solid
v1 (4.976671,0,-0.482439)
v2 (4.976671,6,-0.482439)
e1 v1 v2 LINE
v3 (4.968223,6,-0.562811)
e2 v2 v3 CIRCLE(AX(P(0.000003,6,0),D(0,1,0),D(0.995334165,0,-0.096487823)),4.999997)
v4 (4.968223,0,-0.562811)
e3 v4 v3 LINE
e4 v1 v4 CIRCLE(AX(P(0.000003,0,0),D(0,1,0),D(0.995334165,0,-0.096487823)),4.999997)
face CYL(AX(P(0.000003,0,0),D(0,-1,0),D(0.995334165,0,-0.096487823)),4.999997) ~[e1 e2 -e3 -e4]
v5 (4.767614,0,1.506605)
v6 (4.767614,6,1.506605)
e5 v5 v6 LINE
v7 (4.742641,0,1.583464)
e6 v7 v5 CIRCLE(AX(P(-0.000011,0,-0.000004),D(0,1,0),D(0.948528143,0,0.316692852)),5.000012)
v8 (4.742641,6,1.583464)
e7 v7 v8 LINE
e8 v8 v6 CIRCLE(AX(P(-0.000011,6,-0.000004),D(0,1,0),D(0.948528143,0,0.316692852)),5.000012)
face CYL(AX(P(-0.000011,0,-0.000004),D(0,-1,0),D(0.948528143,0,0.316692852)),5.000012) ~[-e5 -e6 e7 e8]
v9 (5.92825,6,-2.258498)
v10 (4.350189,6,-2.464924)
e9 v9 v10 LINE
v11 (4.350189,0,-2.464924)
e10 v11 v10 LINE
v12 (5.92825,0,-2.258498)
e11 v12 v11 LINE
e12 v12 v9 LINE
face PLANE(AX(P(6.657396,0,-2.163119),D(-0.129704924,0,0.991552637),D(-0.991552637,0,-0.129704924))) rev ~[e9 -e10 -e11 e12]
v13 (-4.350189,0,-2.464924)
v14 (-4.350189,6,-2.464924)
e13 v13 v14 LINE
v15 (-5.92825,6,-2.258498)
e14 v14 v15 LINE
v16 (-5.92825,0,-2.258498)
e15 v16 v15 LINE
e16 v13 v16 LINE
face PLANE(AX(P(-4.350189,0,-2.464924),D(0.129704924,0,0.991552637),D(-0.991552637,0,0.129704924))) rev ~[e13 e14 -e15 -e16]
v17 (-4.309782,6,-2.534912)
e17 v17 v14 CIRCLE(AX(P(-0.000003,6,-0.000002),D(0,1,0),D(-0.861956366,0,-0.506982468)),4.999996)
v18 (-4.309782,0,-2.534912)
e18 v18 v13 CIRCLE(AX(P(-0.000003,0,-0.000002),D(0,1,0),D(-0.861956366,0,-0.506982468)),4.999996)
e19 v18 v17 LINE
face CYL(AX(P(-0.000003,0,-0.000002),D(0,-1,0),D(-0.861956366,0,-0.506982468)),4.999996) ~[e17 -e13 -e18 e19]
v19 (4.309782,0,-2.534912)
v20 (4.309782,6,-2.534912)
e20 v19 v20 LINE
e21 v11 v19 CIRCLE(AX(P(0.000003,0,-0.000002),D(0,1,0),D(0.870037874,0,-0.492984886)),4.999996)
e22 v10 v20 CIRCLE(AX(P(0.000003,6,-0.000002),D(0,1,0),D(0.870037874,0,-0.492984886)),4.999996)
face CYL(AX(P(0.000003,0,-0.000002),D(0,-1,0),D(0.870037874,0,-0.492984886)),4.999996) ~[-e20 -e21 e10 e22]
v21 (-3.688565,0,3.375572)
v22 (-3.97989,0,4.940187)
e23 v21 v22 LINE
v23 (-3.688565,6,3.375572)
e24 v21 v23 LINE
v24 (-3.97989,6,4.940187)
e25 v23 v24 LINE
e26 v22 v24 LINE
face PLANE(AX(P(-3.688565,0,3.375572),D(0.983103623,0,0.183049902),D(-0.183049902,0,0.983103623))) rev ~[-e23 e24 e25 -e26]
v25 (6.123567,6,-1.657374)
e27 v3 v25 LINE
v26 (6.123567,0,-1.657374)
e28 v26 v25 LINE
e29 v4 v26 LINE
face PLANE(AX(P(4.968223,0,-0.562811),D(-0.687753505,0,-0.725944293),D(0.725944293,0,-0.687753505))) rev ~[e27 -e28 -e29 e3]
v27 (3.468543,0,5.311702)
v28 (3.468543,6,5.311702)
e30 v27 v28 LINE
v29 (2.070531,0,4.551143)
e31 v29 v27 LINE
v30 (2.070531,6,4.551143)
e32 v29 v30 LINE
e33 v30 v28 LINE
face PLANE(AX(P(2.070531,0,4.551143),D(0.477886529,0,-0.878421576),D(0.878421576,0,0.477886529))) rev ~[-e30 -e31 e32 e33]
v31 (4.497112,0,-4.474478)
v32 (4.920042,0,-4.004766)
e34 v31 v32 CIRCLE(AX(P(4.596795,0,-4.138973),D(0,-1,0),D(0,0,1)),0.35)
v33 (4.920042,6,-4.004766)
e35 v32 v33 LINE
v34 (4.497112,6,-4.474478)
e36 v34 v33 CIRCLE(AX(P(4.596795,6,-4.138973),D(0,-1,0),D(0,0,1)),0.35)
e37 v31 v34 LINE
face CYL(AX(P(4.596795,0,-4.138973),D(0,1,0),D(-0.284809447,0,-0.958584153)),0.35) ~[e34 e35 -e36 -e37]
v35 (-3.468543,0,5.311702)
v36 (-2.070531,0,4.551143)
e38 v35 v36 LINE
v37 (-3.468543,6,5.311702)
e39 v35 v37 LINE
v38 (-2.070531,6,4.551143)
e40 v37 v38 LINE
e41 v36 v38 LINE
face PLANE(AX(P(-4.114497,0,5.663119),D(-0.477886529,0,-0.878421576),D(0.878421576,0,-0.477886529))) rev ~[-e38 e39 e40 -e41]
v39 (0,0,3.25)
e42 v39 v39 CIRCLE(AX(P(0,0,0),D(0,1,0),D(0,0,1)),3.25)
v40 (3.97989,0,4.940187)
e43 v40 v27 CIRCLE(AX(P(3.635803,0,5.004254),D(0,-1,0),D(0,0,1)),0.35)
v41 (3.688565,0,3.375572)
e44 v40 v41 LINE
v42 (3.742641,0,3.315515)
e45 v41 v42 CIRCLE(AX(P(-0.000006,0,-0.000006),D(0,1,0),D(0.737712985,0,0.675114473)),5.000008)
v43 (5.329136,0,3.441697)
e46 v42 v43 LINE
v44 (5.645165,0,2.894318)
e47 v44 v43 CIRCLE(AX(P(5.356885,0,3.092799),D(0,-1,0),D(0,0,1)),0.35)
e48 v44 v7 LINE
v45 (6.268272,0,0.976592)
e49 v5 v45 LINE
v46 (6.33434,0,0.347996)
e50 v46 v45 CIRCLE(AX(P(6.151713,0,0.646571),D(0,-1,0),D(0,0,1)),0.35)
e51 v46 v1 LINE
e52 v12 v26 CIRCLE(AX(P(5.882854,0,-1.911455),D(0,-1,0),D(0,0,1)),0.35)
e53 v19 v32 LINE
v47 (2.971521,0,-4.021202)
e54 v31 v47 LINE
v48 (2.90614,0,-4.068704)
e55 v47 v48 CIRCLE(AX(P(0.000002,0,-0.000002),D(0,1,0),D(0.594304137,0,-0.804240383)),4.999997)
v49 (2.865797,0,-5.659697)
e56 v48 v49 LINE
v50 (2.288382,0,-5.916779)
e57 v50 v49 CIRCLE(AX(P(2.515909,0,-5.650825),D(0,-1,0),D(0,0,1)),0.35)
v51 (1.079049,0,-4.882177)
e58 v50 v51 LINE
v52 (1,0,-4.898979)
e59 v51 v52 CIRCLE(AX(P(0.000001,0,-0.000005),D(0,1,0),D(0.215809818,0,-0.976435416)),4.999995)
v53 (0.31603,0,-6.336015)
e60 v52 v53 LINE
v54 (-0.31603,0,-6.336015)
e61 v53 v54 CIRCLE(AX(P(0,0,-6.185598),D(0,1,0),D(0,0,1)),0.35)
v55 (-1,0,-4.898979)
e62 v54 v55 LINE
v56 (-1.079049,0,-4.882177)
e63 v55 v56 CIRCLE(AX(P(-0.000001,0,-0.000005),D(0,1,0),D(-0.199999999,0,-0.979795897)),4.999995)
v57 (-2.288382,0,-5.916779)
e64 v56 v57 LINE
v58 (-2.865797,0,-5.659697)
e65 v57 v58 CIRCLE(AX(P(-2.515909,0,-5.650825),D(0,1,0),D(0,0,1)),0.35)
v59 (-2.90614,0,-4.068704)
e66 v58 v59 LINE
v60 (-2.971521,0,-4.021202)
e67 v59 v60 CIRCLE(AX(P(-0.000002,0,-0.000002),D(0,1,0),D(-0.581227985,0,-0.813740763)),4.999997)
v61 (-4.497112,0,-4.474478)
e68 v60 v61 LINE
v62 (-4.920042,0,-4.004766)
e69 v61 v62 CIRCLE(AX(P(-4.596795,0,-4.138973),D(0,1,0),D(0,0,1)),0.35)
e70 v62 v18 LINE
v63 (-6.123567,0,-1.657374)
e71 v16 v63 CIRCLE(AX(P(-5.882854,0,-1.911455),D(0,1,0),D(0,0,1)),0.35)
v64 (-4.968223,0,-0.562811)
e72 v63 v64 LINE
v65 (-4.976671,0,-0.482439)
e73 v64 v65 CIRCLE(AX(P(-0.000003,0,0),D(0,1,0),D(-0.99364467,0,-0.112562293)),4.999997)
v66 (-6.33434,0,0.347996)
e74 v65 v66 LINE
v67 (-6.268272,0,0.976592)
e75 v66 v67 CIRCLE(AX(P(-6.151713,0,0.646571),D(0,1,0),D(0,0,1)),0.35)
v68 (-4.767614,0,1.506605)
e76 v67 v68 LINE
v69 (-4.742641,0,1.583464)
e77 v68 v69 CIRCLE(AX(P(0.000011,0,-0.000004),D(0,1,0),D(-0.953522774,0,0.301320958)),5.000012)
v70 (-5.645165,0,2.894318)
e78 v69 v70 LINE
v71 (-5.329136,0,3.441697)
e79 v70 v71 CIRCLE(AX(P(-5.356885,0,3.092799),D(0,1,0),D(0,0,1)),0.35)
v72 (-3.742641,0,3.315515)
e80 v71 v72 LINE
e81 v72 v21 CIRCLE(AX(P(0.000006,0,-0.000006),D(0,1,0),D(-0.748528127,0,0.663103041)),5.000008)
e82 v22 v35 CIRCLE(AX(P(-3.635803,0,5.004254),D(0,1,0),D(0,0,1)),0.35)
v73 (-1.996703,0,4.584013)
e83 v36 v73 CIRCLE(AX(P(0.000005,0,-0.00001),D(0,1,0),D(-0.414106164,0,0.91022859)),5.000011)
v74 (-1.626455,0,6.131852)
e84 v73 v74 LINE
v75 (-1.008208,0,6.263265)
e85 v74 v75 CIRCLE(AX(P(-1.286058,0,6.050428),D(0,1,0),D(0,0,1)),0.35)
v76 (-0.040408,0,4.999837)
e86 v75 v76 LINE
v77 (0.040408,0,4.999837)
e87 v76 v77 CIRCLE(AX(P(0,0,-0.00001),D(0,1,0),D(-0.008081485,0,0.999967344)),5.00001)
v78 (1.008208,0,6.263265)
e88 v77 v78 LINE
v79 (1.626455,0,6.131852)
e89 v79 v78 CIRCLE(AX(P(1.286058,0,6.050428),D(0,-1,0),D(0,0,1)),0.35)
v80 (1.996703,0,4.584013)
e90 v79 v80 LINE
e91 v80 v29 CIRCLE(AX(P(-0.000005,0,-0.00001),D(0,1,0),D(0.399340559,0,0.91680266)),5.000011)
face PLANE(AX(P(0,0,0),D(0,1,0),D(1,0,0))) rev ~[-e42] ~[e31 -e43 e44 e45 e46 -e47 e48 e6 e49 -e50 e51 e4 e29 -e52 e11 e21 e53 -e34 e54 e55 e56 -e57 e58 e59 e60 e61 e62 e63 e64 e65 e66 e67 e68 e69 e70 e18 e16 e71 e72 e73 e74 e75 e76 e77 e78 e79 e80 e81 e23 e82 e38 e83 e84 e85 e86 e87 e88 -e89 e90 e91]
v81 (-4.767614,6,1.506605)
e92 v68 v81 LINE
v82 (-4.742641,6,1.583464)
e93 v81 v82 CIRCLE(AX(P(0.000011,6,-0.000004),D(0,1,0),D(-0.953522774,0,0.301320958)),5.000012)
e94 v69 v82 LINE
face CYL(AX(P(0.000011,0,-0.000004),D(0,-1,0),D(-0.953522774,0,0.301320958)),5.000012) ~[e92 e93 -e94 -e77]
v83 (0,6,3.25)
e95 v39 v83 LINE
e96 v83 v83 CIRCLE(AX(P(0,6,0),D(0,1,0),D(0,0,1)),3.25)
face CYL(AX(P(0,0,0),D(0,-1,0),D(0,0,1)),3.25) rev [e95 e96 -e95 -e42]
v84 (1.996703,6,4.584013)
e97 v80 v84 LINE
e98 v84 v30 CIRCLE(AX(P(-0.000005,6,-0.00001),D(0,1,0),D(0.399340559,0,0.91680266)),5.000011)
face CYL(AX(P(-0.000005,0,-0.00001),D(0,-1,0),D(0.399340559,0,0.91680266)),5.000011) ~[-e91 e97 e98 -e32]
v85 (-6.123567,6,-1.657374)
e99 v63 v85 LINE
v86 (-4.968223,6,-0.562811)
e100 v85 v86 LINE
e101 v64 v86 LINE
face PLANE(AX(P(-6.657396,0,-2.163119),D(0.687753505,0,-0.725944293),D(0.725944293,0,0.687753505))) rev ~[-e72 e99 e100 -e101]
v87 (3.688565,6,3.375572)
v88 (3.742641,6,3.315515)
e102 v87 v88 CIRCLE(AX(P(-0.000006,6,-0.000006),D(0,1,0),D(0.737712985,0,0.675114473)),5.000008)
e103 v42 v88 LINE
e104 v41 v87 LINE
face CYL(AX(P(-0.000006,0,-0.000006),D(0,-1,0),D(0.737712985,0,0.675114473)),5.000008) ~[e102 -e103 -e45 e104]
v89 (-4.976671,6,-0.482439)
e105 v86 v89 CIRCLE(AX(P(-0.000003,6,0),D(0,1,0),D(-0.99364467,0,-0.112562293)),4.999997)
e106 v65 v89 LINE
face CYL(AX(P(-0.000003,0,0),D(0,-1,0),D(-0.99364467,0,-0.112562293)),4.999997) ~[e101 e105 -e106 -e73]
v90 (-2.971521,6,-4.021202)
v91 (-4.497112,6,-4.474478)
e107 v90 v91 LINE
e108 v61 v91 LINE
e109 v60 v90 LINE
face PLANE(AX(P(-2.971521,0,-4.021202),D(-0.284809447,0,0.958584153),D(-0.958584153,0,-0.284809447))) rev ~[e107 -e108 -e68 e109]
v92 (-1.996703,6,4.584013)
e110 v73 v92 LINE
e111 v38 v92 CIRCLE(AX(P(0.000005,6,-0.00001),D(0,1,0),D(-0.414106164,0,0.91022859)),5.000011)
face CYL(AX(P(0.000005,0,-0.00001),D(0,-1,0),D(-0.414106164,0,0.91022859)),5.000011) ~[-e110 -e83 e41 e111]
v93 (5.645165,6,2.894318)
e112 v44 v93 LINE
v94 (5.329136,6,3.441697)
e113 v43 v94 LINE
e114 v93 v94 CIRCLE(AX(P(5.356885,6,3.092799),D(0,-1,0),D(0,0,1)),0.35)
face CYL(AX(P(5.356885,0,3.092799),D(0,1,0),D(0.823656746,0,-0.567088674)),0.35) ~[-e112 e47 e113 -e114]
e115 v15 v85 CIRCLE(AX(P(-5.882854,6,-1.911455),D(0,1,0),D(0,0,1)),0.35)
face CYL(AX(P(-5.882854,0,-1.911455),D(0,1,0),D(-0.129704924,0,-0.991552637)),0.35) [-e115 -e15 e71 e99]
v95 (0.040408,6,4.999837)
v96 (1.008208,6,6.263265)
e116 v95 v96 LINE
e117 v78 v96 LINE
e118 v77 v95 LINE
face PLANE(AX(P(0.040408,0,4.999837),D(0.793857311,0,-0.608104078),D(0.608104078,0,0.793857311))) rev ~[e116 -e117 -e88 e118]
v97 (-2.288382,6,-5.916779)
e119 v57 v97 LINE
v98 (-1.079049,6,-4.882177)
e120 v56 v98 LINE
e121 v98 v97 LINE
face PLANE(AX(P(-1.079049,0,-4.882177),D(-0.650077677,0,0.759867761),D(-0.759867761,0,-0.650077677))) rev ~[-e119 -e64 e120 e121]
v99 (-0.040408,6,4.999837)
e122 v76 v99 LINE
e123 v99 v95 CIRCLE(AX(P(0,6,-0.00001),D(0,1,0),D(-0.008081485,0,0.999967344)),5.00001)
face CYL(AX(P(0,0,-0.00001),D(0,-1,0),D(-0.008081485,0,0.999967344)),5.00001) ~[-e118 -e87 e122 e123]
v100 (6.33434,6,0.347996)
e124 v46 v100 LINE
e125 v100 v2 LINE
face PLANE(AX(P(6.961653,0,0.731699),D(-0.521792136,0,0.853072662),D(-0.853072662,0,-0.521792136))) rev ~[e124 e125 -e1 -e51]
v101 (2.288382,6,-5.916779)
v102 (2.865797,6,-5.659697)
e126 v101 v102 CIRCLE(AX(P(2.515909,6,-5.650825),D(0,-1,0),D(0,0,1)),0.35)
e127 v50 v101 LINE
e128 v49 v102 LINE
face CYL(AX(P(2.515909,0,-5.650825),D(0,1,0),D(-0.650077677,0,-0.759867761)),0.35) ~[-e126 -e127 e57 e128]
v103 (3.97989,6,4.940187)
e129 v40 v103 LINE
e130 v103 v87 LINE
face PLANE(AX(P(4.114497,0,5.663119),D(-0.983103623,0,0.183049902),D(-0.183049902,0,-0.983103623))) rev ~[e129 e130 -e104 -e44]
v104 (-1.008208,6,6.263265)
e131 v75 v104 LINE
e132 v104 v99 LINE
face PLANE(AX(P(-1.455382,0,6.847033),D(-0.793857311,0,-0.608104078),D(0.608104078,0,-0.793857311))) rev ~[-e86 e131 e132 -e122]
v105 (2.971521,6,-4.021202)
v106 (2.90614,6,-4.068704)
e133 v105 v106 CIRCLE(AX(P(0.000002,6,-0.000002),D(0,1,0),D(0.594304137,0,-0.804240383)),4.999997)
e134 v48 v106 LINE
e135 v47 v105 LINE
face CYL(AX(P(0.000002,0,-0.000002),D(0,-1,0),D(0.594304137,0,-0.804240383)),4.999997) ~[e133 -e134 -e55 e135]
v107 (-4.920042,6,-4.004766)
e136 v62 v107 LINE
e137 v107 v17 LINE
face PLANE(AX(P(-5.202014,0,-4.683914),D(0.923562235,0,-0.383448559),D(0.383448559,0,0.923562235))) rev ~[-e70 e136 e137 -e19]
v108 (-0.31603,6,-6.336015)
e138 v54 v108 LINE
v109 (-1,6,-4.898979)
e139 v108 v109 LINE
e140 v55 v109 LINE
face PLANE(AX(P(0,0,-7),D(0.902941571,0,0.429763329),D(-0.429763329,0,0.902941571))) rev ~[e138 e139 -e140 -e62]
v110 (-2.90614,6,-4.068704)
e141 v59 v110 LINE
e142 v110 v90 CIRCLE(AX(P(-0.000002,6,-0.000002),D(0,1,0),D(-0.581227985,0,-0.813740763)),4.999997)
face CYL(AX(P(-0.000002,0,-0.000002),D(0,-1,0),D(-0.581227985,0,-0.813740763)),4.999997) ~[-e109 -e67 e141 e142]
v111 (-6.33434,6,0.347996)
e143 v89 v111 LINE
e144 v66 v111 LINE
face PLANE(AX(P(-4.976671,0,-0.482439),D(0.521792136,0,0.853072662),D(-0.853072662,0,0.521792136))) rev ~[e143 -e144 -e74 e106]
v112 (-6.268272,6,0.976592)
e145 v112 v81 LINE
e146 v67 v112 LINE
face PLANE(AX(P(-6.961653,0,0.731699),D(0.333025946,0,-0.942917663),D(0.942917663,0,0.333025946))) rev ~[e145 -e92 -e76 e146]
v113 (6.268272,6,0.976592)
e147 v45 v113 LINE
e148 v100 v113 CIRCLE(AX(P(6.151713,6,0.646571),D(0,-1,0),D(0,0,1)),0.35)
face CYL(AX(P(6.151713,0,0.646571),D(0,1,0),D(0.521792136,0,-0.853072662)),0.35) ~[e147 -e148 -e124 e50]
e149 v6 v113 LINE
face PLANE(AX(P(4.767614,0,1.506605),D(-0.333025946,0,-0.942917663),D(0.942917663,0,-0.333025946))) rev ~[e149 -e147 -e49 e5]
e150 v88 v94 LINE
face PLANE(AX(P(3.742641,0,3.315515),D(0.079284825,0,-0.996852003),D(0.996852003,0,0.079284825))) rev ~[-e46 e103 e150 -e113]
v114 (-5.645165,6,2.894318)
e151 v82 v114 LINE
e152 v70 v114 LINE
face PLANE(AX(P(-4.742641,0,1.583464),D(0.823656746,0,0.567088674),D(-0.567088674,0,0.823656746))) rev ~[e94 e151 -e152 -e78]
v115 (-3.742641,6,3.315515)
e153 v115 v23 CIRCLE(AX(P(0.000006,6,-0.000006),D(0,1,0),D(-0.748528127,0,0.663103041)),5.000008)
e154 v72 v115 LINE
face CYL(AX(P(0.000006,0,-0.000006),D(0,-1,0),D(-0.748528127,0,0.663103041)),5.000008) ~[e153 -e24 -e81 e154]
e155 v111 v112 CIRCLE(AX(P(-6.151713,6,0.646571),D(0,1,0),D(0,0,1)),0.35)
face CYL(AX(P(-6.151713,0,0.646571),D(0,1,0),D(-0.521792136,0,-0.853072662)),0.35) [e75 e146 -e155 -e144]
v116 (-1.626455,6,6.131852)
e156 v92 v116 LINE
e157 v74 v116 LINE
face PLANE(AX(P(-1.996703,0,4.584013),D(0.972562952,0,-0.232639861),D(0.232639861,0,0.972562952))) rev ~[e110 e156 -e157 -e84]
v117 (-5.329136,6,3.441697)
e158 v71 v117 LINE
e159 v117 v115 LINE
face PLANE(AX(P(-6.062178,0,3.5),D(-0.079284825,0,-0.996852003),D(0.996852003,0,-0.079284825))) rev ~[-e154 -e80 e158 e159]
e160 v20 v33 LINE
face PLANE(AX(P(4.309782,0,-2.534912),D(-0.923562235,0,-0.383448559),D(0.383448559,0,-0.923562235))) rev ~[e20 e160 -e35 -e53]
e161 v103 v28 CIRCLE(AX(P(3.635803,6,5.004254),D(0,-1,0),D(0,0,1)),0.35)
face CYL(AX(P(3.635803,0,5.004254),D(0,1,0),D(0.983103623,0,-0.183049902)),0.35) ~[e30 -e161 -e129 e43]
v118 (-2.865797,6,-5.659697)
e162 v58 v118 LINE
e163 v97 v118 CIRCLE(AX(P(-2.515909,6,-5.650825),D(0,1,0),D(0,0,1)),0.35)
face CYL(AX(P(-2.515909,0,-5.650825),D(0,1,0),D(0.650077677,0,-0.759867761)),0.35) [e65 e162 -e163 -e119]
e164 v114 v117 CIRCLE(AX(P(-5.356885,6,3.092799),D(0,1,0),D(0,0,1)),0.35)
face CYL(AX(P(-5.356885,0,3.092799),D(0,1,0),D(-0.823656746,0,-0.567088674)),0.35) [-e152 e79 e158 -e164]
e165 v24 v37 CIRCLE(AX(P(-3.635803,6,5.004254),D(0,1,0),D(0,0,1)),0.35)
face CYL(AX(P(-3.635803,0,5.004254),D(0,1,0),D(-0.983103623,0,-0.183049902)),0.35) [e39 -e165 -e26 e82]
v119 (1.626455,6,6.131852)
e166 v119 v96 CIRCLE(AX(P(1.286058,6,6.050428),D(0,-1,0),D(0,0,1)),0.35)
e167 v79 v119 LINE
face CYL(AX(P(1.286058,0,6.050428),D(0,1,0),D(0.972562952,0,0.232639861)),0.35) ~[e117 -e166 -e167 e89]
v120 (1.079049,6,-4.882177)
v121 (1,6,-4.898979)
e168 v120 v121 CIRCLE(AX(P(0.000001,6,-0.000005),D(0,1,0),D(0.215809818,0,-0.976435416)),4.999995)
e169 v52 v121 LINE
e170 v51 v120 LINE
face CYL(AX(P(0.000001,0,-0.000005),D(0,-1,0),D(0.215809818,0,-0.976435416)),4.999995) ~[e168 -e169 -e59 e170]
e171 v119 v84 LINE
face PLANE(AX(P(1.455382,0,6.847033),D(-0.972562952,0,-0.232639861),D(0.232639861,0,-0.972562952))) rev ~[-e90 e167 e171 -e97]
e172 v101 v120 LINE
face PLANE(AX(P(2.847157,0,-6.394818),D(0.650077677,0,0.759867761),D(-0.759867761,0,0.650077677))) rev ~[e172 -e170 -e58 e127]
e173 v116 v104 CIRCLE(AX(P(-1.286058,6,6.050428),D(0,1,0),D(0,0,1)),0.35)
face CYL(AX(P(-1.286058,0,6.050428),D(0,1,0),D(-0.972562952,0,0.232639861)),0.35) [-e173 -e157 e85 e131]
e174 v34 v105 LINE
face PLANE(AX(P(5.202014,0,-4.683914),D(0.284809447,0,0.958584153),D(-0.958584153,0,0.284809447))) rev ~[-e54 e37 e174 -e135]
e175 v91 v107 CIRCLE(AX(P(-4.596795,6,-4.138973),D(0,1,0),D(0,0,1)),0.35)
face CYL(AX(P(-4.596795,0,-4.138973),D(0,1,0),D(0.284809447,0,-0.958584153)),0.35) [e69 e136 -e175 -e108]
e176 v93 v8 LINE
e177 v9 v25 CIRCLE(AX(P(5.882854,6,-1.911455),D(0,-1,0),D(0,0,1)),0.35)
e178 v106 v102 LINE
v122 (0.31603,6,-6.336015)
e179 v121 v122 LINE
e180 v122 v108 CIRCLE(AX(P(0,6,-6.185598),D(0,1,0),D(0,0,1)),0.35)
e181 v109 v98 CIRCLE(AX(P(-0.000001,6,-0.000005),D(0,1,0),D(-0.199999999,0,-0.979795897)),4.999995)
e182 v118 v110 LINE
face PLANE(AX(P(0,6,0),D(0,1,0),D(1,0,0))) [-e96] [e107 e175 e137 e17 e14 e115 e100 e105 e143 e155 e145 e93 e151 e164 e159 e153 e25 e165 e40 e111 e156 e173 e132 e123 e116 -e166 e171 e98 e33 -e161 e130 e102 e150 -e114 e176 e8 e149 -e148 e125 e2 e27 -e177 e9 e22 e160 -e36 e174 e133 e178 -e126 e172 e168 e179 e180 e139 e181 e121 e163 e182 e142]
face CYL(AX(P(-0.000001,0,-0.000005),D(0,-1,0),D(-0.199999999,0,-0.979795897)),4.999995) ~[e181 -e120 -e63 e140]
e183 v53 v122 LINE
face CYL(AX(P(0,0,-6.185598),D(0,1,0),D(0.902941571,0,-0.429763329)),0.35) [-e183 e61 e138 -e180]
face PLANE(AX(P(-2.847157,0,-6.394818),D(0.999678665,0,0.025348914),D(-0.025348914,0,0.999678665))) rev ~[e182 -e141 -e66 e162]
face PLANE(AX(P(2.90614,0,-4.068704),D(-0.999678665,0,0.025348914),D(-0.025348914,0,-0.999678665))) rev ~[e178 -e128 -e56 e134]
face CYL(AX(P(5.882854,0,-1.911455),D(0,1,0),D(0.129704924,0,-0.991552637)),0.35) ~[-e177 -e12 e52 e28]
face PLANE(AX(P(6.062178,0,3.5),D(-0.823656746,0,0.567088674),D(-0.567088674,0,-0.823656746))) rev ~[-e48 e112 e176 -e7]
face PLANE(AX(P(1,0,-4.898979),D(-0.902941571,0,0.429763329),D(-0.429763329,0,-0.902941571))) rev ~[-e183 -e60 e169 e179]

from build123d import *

# Parameters (mm, degrees)
SKETCH1_R           = 3.25
BOSS_EXTRUDE2_DEPTH = 6
FILLET1_R           = 0.35


with BuildPart() as part:
    # Sketch1 → Boss-Extrude2 (new body)
    with BuildSketch(Plane(origin=(0, 0, 0), x_dir=(1, 0, 0), z_dir=(0, 1, 0))):
        with BuildLine():
            Line((1, 4.898979486), (0, 7))
            Line((0, 7), (-1, 4.898979486))
            ThreePointArc((-1, 4.898979486), (-1.039558454, 4.890738004), (-1.079049013, 4.882177099))
            Line((-1.079049013, 4.882177099), (-2.847156502, 6.394818203))
            Line((-2.847156502, 6.394818203), (-2.906139928, 4.068703813))
            ThreePointArc((-2.906139928, 4.068703813), (-2.938926261, 4.045084972), (-2.971520648, 4.021201939))
            Line((-2.971520648, 4.021201939), (-5.202013778, 4.683914245))
            Line((-5.202013778, 4.683914245), (-4.309781861, 2.534912288))
            ThreePointArc((-4.309781861, 2.534912288), (-4.330127019, 2.5), (-4.350189369, 2.464924432))
            Line((-4.350189369, 2.464924432), (-6.657395614, 2.163118961))
            Line((-6.657395614, 2.163118961), (-4.968223357, 0.5628114))
            ThreePointArc((-4.968223357, 0.5628114), (-4.972609477, 0.522642316), (-4.976670827, 0.482439098))
            Line((-4.976670827, 0.482439098), (-6.961653268, -0.731699243))
            Line((-6.961653268, -0.731699243), (-4.7676139, -1.506604693))
            ThreePointArc((-4.7676139, -1.506604693), (-4.755282581, -1.545084972), (-4.742640687, -1.583464339))
            Line((-4.742640687, -1.583464339), (-6.062177826, -3.5))
            Line((-6.062177826, -3.5), (-3.742640687, -3.315515147))
            ThreePointArc((-3.742640687, -3.315515147), (-3.715724127, -3.345653032), (-3.688564887, -3.375572407))
            Line((-3.688564887, -3.375572407), (-4.114496766, -5.663118961))
            Line((-4.114496766, -5.663118961), (-2.070530899, -4.551142911))
            ThreePointArc((-2.070530899, -4.551142911), (-2.033683215, -4.567727288), (-1.996702709, -4.584013339))
            Line((-1.996702709, -4.584013339), (-1.455381836, -6.847033205))
            Line((-1.455381836, -6.847033205), (-0.040407507, -4.999836721))
            ThreePointArc((-0.040407507, -4.999836721), (0, -5), (0.040407507, -4.999836721))
            Line((0.040407507, -4.999836721), (1.455381836, -6.847033205))
            Line((1.455381836, -6.847033205), (1.996702709, -4.584013339))
            ThreePointArc((1.996702709, -4.584013339), (2.033683215, -4.567727288), (2.070530899, -4.551142911))
            Line((2.070530899, -4.551142911), (4.114496766, -5.663118961))
            Line((4.114496766, -5.663118961), (3.688564887, -3.375572407))
            ThreePointArc((3.688564887, -3.375572407), (3.715724127, -3.345653032), (3.742640687, -3.315515147))
            Line((3.742640687, -3.315515147), (6.062177826, -3.5))
            Line((6.062177826, -3.5), (4.742640687, -1.583464339))
            ThreePointArc((4.742640687, -1.583464339), (4.755282581, -1.545084972), (4.7676139, -1.506604693))
            Line((4.7676139, -1.506604693), (6.961653268, -0.731699243))
            Line((6.961653268, -0.731699243), (4.976670827, 0.482439098))
            ThreePointArc((4.976670827, 0.482439098), (4.972609477, 0.522642316), (4.968223357, 0.5628114))
            Line((4.968223357, 0.5628114), (6.657395614, 2.163118961))
            Line((6.657395614, 2.163118961), (4.350189369, 2.464924432))
            ThreePointArc((4.350189369, 2.464924432), (4.330127019, 2.5), (4.309781861, 2.534912288))
            Line((4.309781861, 2.534912288), (5.202013778, 4.683914245))
            Line((5.202013778, 4.683914245), (2.971520648, 4.021201939))
            ThreePointArc((2.971520648, 4.021201939), (2.938926261, 4.045084972), (2.906139928, 4.068703813))
            Line((2.906139928, 4.068703813), (2.847156502, 6.394818203))
            Line((2.847156502, 6.394818203), (1.079049013, 4.882177099))
            ThreePointArc((1.079049013, 4.882177099), (1.039558454, 4.890738004), (1, 4.898979486))
        make_face()
        with Locations(Location((0, 0, 0), (0, 0, 270))):
            Circle(SKETCH1_R, mode=Mode.SUBTRACT)
    extrude(amount=BOSS_EXTRUDE2_DEPTH)

    # Fillet1
    fillet1_edges = [part.edges().sort_by_distance(p)[0] for p in [
        (2.847156502, 3, -6.394818203),
        (5.202013778, 3, -4.683914245),
        (6.657395614, 3, -2.163118961),
        (6.961653268, 3, 0.731699243),
        (6.062177826, 3, 3.5),
        (4.114496766, 3, 5.663118961),
        (1.455381836, 3, 6.847033205),
        (-1.455381836, 3, 6.847033205),
        (-4.114496766, 3, 5.663118961),
        (-6.062177826, 3, 3.5),
        (-6.961653268, 3, 0.731699243),
        (-6.657395614, 3, -2.163118961),
        (-5.202013778, 3, -4.683914245),
        (-2.847156502, 3, -6.394818203),
        (0, 3, -7),
    ]]
    fillet(fillet1_edges, radius=FILLET1_R)


solid = part.part
